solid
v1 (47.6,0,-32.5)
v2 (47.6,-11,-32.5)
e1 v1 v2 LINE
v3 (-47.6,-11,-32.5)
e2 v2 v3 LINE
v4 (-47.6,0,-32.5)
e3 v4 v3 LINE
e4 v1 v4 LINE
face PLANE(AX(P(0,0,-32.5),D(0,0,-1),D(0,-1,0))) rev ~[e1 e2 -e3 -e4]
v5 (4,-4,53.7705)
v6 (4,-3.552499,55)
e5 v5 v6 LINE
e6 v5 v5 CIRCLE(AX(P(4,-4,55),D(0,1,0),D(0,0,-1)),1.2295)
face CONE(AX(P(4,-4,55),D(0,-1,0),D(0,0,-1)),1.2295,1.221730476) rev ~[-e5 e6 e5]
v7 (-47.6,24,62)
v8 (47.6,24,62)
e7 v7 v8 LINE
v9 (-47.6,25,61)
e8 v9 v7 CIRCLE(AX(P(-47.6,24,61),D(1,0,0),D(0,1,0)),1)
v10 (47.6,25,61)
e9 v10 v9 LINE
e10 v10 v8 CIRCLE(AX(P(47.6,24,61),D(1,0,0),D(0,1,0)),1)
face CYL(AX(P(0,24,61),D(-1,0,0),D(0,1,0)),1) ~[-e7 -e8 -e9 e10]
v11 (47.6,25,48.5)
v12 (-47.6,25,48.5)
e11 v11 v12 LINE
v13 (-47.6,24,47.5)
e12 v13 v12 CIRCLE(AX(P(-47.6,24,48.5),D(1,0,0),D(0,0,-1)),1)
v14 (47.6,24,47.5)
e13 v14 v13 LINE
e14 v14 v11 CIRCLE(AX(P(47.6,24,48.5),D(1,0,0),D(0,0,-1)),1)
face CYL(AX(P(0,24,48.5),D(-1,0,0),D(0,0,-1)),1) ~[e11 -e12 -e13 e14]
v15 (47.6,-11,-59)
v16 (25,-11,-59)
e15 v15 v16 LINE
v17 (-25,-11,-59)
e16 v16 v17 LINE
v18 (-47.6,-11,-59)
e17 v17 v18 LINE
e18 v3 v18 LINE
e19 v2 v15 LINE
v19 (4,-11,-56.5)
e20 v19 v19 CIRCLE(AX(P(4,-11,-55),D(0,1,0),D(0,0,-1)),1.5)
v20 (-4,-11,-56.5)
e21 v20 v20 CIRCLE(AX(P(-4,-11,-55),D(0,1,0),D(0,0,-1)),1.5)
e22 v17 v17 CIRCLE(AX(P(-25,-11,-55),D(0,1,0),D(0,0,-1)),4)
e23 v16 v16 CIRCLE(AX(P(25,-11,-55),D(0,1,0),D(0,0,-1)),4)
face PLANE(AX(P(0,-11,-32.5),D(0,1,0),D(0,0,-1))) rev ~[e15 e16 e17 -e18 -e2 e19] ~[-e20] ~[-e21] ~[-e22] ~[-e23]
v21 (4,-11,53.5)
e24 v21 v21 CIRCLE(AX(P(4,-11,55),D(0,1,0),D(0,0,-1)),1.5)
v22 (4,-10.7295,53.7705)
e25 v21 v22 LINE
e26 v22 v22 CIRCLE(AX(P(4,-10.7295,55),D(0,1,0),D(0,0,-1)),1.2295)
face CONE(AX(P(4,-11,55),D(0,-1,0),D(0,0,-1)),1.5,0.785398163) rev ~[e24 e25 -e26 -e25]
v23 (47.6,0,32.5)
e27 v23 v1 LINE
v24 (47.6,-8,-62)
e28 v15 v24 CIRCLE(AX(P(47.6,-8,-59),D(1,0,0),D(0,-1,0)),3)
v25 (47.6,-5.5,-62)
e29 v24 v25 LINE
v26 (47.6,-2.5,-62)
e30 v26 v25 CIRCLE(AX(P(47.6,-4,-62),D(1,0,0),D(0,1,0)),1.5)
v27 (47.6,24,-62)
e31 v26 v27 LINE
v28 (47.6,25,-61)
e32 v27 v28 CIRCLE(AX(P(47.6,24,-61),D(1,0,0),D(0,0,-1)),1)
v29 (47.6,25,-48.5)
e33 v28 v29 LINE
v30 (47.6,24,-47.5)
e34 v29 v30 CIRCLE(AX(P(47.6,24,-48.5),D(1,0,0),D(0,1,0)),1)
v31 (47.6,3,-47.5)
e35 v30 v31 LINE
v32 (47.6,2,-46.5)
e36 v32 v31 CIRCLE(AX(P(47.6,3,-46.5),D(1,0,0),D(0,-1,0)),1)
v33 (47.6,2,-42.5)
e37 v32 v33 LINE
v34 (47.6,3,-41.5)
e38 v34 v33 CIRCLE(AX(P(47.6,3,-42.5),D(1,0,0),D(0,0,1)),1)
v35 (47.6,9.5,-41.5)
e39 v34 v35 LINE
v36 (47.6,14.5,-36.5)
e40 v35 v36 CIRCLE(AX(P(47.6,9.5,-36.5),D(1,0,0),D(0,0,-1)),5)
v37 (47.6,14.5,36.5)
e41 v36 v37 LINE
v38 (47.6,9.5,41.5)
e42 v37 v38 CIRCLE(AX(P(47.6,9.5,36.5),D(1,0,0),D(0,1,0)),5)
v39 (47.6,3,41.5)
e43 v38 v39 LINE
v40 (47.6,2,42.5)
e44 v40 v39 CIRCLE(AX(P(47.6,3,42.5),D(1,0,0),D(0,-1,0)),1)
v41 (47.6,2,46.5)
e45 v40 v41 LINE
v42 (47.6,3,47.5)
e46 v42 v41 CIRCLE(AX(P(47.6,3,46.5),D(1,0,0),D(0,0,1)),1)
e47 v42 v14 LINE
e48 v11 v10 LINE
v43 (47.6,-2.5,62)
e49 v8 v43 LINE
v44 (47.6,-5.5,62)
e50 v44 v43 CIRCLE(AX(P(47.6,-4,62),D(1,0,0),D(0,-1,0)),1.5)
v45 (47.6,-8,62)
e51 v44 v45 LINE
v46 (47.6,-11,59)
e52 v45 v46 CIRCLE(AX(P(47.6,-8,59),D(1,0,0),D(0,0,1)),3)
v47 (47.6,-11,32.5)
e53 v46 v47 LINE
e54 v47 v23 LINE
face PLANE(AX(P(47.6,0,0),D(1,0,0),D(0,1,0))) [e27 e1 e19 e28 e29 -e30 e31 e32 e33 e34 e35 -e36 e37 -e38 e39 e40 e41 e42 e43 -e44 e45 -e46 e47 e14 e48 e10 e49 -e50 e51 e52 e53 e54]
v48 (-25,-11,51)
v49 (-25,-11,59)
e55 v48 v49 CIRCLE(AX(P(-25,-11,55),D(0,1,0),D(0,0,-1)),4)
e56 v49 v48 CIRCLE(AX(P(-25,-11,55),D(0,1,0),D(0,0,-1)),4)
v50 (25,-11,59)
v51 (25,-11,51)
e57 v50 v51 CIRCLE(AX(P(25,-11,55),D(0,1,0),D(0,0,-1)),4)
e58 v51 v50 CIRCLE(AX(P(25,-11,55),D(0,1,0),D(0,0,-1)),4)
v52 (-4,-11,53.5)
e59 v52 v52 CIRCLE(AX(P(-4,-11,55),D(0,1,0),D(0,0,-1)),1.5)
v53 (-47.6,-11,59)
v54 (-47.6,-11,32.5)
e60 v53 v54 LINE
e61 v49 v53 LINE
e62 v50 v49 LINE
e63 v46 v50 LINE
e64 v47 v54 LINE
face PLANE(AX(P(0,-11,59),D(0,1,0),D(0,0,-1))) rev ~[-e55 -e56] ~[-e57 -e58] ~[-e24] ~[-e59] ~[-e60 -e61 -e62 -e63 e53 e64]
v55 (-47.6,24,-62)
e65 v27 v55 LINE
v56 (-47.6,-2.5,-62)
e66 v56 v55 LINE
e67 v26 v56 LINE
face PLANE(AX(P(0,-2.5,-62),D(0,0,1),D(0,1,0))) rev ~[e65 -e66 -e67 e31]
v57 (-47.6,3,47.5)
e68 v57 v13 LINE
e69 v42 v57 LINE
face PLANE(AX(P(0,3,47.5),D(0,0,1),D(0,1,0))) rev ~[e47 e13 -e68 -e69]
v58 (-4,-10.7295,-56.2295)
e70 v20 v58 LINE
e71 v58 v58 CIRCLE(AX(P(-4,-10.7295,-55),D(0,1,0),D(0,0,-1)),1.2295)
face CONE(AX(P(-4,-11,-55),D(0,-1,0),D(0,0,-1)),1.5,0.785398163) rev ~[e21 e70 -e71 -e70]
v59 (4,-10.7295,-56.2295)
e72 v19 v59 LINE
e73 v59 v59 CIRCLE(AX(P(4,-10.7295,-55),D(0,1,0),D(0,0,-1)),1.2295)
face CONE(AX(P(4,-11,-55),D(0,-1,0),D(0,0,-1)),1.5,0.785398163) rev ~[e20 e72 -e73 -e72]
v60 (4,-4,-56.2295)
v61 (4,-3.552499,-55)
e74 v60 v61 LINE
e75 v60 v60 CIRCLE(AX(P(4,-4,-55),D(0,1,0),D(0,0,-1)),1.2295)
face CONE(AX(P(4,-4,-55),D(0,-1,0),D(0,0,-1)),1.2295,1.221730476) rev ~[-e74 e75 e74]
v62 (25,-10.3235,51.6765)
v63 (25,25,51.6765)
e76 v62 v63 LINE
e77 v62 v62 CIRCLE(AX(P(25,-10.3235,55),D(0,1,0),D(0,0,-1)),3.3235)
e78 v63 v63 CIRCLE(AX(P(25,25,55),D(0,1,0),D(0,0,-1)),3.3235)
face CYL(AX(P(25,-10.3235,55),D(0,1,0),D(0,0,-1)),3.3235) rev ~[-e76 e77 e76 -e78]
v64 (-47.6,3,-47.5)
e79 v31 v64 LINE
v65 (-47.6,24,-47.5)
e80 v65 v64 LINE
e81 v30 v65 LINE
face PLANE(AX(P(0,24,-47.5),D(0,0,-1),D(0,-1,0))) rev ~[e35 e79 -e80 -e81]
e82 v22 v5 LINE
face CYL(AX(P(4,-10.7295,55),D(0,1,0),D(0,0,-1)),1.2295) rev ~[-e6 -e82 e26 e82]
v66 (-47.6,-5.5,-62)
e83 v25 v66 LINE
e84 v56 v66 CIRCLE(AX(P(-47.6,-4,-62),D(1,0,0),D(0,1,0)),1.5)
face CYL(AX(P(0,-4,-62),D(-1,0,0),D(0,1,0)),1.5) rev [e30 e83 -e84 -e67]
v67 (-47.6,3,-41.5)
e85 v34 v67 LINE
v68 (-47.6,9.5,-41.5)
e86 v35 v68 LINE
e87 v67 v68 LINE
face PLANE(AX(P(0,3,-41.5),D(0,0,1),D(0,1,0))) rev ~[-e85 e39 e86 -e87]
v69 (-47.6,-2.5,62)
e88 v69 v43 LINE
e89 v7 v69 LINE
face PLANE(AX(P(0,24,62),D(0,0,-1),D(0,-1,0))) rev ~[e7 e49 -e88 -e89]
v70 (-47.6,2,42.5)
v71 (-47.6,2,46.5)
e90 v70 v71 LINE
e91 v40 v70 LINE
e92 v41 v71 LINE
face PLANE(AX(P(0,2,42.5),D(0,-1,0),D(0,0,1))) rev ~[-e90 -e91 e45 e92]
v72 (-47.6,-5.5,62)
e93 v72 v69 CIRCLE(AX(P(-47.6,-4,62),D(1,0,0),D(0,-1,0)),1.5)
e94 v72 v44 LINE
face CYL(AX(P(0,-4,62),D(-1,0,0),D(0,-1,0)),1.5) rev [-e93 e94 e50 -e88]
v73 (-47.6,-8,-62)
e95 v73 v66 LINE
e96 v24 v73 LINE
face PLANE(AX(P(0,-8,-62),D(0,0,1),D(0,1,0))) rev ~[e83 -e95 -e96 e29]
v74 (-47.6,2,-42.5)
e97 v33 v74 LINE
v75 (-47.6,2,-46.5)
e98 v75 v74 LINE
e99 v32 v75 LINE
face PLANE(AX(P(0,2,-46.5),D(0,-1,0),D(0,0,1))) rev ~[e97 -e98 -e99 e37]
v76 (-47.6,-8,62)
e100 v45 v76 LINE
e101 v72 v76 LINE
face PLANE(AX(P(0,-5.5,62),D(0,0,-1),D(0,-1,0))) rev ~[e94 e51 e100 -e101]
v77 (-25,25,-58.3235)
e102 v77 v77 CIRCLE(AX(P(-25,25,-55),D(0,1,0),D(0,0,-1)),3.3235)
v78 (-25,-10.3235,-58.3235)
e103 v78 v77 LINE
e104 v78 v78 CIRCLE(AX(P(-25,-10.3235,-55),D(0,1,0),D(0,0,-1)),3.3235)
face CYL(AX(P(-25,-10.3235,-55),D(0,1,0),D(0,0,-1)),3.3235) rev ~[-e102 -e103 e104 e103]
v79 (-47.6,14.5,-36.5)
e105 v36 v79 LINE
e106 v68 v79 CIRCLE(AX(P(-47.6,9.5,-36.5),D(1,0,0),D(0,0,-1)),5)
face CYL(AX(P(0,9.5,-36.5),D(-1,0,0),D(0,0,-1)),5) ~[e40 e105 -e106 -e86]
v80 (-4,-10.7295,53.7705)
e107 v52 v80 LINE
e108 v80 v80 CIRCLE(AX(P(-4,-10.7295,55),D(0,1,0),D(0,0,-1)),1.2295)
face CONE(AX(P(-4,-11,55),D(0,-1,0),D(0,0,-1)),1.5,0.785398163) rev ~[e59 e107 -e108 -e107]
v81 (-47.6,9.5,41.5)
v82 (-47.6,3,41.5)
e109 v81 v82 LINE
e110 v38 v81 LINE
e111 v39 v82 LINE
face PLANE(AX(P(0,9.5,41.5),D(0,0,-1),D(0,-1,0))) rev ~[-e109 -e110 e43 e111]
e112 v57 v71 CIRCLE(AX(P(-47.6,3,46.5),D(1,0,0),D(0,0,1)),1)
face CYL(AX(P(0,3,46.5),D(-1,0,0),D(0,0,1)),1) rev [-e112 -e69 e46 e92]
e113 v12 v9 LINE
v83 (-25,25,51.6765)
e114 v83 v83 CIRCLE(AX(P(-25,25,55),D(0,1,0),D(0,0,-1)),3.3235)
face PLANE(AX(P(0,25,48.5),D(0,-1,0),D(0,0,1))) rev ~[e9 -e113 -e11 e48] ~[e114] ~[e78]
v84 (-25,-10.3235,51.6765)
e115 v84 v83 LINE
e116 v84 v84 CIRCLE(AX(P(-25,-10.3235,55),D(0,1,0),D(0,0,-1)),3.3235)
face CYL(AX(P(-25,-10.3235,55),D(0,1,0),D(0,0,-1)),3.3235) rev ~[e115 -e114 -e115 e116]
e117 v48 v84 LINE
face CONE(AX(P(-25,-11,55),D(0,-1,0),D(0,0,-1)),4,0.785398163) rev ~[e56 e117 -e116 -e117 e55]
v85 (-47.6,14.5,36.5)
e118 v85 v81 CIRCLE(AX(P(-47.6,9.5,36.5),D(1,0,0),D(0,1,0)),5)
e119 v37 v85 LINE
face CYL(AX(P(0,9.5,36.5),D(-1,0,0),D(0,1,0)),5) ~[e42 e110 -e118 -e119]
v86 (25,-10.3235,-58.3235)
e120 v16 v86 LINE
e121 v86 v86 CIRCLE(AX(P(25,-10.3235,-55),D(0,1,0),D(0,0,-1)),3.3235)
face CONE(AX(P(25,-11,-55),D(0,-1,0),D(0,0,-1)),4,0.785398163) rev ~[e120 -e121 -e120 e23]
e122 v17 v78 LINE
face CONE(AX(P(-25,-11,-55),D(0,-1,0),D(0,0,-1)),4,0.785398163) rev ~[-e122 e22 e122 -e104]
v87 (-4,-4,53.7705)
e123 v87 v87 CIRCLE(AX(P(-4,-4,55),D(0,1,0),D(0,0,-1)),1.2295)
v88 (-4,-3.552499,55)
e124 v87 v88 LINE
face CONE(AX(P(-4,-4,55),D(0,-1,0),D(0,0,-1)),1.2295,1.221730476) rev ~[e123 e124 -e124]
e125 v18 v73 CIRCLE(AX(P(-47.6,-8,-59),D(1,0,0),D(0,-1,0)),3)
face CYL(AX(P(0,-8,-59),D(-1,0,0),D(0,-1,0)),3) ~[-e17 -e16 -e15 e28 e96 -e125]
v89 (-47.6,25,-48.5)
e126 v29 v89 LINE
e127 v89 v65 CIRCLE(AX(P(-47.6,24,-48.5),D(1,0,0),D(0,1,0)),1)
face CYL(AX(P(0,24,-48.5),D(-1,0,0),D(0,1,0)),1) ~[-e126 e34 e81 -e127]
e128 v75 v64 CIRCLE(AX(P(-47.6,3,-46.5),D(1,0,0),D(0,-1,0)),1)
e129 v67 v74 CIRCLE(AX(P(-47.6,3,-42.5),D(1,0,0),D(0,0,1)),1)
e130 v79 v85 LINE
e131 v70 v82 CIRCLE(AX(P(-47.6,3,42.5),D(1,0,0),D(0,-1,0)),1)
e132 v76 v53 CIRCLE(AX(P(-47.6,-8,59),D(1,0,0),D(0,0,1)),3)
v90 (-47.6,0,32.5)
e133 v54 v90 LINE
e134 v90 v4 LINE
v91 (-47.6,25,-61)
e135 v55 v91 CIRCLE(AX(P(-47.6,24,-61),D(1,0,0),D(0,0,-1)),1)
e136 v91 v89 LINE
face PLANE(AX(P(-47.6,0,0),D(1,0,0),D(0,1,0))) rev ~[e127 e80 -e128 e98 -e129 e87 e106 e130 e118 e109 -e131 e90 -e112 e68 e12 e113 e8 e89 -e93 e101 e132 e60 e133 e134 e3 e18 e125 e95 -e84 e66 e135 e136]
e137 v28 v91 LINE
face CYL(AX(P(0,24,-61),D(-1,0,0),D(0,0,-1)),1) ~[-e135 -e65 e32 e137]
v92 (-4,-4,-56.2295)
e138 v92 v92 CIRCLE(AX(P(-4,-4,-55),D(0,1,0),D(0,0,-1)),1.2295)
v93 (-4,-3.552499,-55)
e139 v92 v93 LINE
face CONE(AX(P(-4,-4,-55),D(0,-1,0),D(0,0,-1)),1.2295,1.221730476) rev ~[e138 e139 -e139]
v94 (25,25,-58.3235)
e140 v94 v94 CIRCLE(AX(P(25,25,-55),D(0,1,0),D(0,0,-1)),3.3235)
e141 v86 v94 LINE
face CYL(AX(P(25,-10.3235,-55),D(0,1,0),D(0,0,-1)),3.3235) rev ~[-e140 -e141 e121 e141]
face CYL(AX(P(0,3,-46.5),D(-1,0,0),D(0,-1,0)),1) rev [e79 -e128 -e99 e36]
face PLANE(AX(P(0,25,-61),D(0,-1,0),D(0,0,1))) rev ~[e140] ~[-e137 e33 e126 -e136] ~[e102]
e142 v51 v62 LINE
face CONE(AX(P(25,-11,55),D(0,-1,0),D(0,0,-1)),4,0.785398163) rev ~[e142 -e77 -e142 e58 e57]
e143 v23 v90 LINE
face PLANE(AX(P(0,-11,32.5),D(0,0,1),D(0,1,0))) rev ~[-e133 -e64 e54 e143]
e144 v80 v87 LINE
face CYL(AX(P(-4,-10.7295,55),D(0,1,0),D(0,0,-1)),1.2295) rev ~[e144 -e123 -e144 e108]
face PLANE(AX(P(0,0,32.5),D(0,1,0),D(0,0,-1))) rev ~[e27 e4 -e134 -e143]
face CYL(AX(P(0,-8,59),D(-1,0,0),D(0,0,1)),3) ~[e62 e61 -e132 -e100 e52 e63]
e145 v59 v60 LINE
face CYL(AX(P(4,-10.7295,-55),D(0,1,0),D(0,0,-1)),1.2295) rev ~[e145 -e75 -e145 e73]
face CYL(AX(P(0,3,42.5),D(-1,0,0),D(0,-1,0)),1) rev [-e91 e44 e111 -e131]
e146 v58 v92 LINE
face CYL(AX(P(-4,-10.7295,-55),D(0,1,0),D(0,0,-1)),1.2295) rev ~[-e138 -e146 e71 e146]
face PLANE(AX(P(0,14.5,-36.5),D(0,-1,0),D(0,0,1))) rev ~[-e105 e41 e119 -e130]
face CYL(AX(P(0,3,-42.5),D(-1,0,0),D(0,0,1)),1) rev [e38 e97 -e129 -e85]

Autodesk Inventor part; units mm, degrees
sketch "Sketch_1" plane through (0, 0, 0) normal (1, 0, 0) x (0, 1, 0)
  line L0 (24, 62) -> (-2.5, 62)
  arc A0 (-5.5, 62) -> (-2.5, 62) centre (-4, 62) ccw
  line L1 (-5.5, 62) -> (-8, 62)
  arc A1 (-8, 62) -> (-11, 59) centre (-8, 59) ccw
  line L2 (-11, 59) -> (-11, 32.5)
  line L3 (-11, 32.5) -> (0, 32.5)
  line L4 (0, 32.5) -> (0, -32.5)
  line L5 (0, -32.5) -> (-11, -32.5)
  line L6 (-11, -32.5) -> (-11, -59)
  arc A2 (-11, -59) -> (-8, -62) centre (-8, -59) ccw
  line L7 (-8, -62) -> (-5.5, -62)
  arc A3 (-2.5, -62) -> (-5.5, -62) centre (-4, -62) ccw
  line L8 (-2.5, -62) -> (24, -62)
  arc A4 (24, -62) -> (25, -61) centre (24, -61) ccw
  line L9 (25, -61) -> (25, -48.5)
  arc A5 (25, -48.5) -> (24, -47.5) centre (24, -48.5) ccw
  line L10 (24, -47.5) -> (3, -47.5)
  arc A6 (2, -46.5) -> (3, -47.5) centre (3, -46.5) ccw
  line L11 (2, -46.5) -> (2, -42.5)
  arc A7 (3, -41.5) -> (2, -42.5) centre (3, -42.5) ccw
  line L12 (3, -41.5) -> (9.5, -41.5)
  arc A8 (9.5, -41.5) -> (14.5, -36.5) centre (9.5, -36.5) ccw
  line L13 (14.5, -36.5) -> (14.5, 36.5)
  arc A9 (14.5, 36.5) -> (9.5, 41.5) centre (9.5, 36.5) ccw
  line L14 (9.5, 41.5) -> (3, 41.5)
  arc A10 (2, 42.5) -> (3, 41.5) centre (3, 42.5) ccw
  line L15 (2, 42.5) -> (2, 46.5)
  arc A11 (3, 47.5) -> (2, 46.5) centre (3, 46.5) ccw
  line L16 (3, 47.5) -> (24, 47.5)
  arc A12 (24, 47.5) -> (25, 48.5) centre (24, 48.5) ccw
  line L17 (25, 48.5) -> (25, 61)
  arc A13 (25, 61) -> (24, 62) centre (24, 61) ccw
extrude "Extrusion1" add sketch "Sketch_1" along normal mid plane 95.2
sketch "Sketch2" plane through (-47.6, -11, 59) normal (0, -1, 0) x (1, 0, 0)
  point P0 (22.6, -4)
hole "Drilling 1" at (-25, -11, 55) direction (0, 1, 0) diameter 6.647 depth 36 countersink diameter 8 countersink angle 90 thread size "M8x1.25" class "6H" standard "ISO Metric profile"
pattern_linear "Rectangular Pattern1" count 2 spacing 50 along (1, 0, 0) count 2 spacing 110 along (0, 0, -1) of "Drilling 1"
sketch "Sketch3" plane through (-47.6, -11, 32.5) normal (0, -1, 0) x (1, 0, 0)
  point P0 (43.6, 22.5)
hole "Drilling 2" at (-4, -11, 55) direction (0, 1, 0) diameter 2.459 depth 7 tip angle 140 countersink diameter 3 countersink angle 90 thread size "M3x0.5" class "6H" standard "ISO Metric profile"
pattern_linear "Rectangular Pattern2" count 2 spacing 8 along (1, 0, 0) count 2 spacing 110 along (0, 0, -1) of "Drilling 2"
ref_plane "slider_spacer_sensor_dog_XY" through (0, -11, 55) normal (0, 1, 0) x (1, 0, 0)
ref_plane "slider_spacer_sensor_dog_YZ" through (0, -11, 55) normal (1, 0, 0) x (0, 0, -1)
ref_plane "slider_spacer_sensor_dog_ZX" through (0, -11, 55) normal (0, 0, -1) x (0, 1, 0)
ref_plane "slider_spacer_slider_XY" through (0, 0, 0) normal (0, 1, 0) x (1, 0, 0)
ref_plane "slider_spacer_slider_YZ" through (0, 0, 0) normal (1, 0, 0) x (0, 0, -1)
ref_plane "slider_spacer_slider_ZX" through (0, 0, 0) normal (0, 0, -1) x (0, 1, 0)
properties part number "KR55-A-Slider Spacer"
